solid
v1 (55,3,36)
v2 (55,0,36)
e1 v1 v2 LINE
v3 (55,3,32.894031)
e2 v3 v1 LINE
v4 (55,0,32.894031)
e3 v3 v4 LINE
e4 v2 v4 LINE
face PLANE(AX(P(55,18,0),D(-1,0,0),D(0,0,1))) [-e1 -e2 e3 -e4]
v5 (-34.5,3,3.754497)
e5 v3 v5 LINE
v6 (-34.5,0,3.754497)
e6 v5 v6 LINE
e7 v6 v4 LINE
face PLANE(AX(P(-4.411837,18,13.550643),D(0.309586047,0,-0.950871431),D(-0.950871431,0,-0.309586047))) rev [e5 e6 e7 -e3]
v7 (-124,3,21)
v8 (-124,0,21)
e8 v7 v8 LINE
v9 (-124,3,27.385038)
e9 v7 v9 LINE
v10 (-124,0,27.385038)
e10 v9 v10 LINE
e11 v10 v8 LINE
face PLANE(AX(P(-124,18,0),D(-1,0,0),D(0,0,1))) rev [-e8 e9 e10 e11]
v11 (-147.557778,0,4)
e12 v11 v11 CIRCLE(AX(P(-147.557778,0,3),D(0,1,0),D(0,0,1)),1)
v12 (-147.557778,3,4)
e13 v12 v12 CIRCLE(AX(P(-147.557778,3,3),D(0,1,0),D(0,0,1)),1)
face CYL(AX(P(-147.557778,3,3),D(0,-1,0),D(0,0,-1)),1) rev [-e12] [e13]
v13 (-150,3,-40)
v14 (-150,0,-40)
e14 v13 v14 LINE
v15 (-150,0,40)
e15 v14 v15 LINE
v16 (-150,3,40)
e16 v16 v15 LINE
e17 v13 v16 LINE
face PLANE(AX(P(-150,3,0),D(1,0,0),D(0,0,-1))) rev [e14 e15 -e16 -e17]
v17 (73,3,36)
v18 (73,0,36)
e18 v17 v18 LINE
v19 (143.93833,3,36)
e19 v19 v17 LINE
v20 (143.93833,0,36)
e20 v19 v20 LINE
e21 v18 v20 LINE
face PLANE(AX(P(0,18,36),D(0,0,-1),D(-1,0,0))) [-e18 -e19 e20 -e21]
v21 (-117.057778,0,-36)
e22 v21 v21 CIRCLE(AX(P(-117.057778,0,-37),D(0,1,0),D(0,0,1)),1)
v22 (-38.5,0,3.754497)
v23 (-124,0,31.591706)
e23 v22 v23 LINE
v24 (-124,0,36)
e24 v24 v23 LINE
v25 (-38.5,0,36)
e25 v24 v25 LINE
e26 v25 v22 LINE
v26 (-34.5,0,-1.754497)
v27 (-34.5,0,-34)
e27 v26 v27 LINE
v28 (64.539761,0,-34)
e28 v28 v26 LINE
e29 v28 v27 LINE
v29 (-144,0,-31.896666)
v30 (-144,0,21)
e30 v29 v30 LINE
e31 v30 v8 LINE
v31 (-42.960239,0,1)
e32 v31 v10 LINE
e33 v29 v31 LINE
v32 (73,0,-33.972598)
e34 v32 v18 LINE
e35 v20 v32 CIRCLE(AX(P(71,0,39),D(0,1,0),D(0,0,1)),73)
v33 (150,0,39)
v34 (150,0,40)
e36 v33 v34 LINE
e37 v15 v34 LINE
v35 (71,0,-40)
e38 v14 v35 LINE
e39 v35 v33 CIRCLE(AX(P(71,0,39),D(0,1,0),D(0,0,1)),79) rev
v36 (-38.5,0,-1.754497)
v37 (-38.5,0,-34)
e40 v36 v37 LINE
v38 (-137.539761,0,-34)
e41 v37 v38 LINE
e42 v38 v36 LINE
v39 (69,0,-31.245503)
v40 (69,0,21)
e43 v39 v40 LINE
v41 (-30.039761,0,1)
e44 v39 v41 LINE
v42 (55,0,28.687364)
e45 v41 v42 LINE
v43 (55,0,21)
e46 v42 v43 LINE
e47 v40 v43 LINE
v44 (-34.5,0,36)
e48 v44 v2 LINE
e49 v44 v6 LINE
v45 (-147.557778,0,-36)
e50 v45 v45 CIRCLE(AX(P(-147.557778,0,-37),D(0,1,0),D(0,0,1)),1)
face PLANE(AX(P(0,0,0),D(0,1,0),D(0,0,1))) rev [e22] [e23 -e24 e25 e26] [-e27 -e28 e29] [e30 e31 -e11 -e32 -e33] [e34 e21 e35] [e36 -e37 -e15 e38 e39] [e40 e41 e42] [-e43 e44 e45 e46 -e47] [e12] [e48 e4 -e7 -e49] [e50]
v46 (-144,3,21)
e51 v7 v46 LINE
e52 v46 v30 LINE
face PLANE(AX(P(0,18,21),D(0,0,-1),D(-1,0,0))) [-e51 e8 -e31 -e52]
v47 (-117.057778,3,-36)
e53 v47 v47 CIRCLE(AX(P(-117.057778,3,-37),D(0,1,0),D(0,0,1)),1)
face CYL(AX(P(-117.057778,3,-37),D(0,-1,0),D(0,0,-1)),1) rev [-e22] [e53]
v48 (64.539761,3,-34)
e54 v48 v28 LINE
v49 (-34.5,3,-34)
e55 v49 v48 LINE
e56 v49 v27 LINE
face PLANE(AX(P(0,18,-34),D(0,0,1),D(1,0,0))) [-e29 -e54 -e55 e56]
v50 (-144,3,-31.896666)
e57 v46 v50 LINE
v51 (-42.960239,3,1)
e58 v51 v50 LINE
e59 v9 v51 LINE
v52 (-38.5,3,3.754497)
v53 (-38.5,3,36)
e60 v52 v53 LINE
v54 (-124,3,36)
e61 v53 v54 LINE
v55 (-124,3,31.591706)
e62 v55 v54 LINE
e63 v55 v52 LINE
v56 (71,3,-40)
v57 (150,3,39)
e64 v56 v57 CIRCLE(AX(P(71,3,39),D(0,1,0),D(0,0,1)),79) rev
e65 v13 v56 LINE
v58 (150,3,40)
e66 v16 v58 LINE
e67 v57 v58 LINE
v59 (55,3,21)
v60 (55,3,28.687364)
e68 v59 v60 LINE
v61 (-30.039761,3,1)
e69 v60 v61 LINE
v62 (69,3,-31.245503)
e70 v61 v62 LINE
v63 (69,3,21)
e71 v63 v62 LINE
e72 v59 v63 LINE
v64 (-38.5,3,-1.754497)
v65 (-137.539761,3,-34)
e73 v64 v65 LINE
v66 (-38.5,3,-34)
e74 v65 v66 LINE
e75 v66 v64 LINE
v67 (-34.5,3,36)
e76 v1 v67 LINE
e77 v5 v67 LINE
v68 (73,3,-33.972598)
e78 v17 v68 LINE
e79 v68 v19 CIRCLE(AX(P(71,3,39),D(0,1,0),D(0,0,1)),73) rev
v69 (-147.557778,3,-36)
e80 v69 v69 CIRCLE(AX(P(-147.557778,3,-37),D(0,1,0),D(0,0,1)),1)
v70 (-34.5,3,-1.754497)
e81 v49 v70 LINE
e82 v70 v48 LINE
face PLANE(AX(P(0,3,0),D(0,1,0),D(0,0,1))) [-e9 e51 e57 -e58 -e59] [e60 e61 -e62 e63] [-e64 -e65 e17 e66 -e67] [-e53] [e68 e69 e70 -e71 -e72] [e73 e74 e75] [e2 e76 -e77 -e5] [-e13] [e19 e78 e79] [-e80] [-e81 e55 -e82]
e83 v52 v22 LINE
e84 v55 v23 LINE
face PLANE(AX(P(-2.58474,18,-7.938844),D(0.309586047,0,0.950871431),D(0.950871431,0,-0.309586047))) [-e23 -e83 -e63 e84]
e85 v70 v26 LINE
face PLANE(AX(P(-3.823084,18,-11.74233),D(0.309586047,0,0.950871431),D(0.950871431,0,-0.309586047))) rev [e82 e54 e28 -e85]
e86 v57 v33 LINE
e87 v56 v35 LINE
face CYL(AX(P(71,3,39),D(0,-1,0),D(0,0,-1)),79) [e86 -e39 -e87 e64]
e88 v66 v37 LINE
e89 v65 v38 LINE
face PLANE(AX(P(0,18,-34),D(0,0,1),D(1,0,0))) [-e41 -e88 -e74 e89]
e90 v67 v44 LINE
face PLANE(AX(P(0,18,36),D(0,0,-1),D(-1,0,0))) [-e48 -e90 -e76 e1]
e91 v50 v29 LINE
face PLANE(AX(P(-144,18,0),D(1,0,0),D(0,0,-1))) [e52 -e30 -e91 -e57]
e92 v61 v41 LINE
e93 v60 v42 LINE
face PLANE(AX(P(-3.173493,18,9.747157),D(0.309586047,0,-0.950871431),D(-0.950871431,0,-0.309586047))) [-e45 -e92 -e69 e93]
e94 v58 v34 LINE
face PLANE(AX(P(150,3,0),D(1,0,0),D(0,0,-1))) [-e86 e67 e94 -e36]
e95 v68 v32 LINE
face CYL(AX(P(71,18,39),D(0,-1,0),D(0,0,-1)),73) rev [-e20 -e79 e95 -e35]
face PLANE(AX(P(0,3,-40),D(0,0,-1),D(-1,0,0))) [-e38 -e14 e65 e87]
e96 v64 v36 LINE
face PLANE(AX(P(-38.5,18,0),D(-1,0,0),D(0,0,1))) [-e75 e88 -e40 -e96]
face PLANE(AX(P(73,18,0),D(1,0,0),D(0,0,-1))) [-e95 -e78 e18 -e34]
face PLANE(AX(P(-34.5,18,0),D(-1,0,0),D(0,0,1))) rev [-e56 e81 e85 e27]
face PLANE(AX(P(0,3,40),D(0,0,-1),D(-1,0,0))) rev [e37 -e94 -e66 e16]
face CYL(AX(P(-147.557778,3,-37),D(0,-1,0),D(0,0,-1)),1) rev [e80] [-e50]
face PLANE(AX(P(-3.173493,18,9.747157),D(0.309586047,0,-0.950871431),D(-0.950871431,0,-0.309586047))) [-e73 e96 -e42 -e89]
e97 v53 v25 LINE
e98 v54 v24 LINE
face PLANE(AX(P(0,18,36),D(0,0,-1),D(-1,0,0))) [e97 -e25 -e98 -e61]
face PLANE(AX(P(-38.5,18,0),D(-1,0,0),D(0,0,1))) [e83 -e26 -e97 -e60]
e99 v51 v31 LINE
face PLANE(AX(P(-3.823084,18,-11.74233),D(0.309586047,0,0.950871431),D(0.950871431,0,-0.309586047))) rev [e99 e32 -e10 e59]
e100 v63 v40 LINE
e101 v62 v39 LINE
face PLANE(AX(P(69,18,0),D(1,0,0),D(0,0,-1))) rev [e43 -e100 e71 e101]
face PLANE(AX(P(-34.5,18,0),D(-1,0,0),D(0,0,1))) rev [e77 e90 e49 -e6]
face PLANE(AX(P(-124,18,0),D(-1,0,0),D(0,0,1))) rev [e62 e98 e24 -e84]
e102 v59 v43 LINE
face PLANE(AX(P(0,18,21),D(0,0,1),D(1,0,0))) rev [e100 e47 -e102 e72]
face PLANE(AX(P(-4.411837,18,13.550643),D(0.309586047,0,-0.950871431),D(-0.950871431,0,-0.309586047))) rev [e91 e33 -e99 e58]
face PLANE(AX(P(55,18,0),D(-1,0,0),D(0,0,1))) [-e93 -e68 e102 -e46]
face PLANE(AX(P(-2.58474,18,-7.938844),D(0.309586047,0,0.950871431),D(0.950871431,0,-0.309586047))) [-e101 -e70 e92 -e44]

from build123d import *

# Parameters (mm, degrees)
SKETCH_1_R          = 1
EXTRUDE_1_DEPTH     = 3
CUT_EXTRUDE_2_DEPTH = 18


with BuildPart() as part:
    # 草图1 → 凸台-拉伸1 (new body)
    with BuildSketch(Plane(origin=(0, 0, 0), x_dir=(1, 0, 0), z_dir=(0, 1, 0))):
        with BuildLine():
            Line((-150, 40), (71, 40))
            ThreePointArc((71, 40), (126.861435714, 16.861435714), (150, -39))
            Line((150, -39), (150, -40))
            Line((150, -40), (-150, -40))
            Line((-150, -40), (-150, 40))
        make_face()
        with Locations(Location((-117.057778193, 37, 0), (0, 0, 270))):
            Circle(SKETCH_1_R, mode=Mode.SUBTRACT)
        with Locations(Location((-147.557778193, 37, 0), (0, 0, 270))):
            Circle(SKETCH_1_R, mode=Mode.SUBTRACT)
        with Locations(Location((-147.557778193, -3, 0), (0, 0, 270))):
            Circle(SKETCH_1_R, mode=Mode.SUBTRACT)
    extrude(amount=EXTRUDE_1_DEPTH)

    # 草图4 → 切除-拉伸2 (cut)
    with BuildSketch(Plane(origin=(0, 0, 0), x_dir=(1, 0, 0), z_dir=(0, 1, 0))):
        with BuildLine():
            ThreePointArc((143.938330115, -36), (122.26382188, 12.971343703), (73, 33.972597597))
            Line((73, 33.972597597), (73, -36))
            Line((73, -36), (143.938330115, -36))
        make_face()
        Polygon((-34.5, 1.754496568), (64.53976054, 34), (-34.5, 34), align=None)
        Polygon((69, -21), (69, 31.245503432), (-30.03976054, -1), (55, -28.687363897), (55, -21), align=None)
        Polygon((-38.5, 1.754496568), (-38.5, 34), (-137.53976054, 34), align=None)
        Polygon((55, -36), (55, -32.894031452), (-34.5, -3.754496568), (-34.5, -36), align=None)
        Polygon((-124, -27.385038315), (-42.96023946, -1), (-144, 31.896666222), (-144, -21), (-124, -21), align=None)
        Polygon((-38.5, -36), (-38.5, -3.754496568), (-124, -31.591705871), (-124, -36), align=None)
    extrude(amount=CUT_EXTRUDE_2_DEPTH, mode=Mode.SUBTRACT)


solid = part.part
